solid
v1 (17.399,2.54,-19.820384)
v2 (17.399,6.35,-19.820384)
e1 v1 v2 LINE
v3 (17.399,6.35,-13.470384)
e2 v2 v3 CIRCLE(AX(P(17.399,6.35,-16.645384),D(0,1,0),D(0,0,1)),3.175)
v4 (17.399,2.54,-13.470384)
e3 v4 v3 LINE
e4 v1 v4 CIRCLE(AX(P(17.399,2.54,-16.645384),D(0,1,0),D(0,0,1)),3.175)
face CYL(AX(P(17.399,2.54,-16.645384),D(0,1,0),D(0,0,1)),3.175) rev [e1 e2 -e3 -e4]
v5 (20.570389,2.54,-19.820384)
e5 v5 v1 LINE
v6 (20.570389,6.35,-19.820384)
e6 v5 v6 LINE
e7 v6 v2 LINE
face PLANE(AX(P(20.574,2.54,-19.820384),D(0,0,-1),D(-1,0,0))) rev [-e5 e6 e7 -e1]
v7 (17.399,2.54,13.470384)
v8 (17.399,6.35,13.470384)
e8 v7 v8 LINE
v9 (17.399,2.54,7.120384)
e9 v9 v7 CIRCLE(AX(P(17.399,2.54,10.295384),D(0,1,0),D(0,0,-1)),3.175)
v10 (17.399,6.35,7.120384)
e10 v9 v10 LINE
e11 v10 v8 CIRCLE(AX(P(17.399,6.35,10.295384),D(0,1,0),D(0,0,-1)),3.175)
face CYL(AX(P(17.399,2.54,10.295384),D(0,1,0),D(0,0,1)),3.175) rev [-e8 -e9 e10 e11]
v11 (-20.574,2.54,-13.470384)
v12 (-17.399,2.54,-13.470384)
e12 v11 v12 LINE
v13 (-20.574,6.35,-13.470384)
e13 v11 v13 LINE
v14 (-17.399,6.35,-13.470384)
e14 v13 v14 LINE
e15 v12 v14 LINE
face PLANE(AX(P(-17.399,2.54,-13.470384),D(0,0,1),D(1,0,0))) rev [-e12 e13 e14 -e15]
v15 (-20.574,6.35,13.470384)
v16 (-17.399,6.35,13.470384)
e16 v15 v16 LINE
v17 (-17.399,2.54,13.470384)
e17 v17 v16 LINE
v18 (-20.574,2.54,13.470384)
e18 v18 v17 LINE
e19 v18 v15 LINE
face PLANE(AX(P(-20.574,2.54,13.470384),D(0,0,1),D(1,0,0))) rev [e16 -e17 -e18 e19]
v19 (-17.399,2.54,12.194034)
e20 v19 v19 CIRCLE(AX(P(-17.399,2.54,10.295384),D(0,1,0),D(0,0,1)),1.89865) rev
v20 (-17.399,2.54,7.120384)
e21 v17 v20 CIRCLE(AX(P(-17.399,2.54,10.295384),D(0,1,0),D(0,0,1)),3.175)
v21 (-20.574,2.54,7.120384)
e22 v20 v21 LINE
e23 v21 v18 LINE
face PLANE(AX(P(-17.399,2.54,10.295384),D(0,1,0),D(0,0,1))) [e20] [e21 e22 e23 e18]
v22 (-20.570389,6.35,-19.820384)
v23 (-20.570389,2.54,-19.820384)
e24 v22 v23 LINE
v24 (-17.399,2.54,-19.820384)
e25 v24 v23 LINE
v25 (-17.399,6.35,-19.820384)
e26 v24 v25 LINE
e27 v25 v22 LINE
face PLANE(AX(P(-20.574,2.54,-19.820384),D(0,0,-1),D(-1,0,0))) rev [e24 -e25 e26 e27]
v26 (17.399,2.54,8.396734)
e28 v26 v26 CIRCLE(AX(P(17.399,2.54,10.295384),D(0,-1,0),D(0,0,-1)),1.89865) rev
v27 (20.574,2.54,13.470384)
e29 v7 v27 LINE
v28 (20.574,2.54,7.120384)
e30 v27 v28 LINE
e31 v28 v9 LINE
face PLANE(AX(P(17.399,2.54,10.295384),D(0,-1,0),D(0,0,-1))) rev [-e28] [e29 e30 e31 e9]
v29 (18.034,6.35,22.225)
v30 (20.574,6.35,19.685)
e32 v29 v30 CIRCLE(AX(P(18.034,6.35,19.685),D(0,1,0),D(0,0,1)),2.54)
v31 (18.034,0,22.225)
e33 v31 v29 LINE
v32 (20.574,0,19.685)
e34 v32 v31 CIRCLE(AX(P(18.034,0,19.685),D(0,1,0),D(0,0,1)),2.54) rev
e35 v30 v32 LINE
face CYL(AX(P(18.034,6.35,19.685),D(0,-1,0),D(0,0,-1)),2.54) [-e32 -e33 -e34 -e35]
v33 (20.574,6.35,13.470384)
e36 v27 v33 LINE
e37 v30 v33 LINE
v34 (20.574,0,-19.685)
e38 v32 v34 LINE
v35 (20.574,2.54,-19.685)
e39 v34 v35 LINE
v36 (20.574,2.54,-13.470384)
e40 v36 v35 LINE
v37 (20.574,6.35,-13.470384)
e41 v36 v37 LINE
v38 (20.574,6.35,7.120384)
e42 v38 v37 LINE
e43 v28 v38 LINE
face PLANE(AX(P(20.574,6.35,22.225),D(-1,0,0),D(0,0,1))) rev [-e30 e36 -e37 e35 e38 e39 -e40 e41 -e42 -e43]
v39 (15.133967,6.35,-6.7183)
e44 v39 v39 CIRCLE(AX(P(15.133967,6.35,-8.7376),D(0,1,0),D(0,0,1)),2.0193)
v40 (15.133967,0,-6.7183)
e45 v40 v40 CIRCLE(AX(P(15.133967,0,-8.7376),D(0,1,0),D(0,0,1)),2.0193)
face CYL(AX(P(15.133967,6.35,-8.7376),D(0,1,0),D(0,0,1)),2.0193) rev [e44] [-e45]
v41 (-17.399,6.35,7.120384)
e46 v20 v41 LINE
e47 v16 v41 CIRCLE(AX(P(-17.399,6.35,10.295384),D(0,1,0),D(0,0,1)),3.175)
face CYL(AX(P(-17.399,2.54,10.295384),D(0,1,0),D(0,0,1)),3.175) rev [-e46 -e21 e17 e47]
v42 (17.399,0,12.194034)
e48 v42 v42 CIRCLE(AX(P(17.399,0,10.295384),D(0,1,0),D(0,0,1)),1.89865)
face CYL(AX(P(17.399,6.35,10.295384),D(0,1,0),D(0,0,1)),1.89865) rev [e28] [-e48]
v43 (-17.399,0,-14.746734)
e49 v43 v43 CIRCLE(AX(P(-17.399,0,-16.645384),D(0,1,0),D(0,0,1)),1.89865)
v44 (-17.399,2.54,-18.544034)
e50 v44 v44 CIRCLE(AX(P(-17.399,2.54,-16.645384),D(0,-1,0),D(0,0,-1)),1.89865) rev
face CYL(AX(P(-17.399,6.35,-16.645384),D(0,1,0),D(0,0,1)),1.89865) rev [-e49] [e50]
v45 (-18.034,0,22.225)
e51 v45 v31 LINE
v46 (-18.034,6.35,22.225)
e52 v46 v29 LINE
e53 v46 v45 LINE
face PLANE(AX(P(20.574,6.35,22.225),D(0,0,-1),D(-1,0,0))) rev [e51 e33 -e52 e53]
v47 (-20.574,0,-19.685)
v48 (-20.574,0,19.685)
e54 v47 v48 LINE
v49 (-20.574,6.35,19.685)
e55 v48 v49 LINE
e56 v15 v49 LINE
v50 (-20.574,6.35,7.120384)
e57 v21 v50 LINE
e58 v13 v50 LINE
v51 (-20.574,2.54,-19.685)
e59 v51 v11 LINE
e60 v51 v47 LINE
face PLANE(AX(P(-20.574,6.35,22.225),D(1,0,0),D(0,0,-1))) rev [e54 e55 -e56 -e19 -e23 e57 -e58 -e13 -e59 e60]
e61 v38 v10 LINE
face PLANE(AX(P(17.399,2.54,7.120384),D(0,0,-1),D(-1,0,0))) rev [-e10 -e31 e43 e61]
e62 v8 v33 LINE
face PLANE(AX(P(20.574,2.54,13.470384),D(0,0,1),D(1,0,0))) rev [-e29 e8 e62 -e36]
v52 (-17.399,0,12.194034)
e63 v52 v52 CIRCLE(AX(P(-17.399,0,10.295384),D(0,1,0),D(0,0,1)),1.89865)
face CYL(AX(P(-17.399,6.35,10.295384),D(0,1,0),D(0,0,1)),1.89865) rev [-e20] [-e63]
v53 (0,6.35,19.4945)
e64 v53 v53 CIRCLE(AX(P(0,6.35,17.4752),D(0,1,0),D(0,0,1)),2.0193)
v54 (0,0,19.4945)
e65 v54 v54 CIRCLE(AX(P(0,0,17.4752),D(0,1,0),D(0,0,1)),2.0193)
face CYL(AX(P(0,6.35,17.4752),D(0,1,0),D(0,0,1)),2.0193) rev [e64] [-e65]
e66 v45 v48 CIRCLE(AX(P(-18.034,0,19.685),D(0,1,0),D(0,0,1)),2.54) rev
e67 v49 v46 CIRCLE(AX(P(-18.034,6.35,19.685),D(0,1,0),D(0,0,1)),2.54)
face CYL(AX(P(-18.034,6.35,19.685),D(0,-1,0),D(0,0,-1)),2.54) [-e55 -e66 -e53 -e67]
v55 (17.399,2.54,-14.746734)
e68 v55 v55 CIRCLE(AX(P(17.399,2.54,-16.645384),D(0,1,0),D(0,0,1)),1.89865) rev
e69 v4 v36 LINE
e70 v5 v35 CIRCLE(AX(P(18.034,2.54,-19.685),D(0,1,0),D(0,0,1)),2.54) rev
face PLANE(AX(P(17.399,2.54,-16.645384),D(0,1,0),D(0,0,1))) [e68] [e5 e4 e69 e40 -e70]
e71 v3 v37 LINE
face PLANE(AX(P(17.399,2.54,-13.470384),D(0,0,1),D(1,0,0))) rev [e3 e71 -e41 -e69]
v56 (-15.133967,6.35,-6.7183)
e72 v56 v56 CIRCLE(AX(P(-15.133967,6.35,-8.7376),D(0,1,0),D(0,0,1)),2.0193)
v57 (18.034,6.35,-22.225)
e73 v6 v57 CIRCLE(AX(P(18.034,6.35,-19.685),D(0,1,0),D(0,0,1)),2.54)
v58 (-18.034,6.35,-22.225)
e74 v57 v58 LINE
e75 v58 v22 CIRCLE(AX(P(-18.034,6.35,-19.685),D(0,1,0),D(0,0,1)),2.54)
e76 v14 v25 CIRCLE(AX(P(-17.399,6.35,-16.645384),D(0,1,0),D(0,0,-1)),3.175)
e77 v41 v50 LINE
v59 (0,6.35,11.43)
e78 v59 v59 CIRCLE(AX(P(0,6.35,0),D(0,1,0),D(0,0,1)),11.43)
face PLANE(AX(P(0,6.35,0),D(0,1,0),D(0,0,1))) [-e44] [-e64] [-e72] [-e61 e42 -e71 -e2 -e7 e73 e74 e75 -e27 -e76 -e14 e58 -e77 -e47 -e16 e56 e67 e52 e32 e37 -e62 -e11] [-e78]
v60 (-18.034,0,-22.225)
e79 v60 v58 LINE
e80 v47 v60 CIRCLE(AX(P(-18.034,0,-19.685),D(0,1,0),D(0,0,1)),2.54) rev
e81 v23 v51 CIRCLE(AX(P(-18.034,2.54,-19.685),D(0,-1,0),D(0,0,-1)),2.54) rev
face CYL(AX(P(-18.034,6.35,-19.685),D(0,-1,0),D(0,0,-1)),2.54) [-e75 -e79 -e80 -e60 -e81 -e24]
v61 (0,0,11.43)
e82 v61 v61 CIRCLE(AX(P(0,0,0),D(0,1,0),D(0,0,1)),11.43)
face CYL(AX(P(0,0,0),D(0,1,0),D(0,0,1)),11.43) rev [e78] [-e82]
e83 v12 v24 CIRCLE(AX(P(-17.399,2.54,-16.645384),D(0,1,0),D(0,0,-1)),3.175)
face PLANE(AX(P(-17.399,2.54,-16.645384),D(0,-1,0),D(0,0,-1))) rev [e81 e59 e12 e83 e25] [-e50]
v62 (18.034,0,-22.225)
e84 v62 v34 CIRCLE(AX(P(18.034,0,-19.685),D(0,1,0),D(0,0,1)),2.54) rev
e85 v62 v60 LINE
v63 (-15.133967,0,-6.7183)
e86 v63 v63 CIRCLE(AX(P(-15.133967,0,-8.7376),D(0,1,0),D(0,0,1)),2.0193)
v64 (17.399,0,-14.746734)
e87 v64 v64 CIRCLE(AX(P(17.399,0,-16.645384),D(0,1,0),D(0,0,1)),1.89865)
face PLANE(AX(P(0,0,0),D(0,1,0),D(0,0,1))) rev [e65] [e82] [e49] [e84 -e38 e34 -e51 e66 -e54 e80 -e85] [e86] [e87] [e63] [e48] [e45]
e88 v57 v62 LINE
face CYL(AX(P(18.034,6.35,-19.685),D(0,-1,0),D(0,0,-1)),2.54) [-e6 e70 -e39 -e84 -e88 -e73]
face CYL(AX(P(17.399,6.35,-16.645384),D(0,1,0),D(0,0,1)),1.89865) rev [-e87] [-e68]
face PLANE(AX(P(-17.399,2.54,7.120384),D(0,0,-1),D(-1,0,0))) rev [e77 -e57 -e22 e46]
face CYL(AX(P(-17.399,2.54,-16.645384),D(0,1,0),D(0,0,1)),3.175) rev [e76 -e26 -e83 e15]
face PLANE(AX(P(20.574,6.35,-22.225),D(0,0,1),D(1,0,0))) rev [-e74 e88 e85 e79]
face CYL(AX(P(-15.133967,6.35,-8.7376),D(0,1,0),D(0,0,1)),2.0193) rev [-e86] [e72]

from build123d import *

# Parameters (mm, degrees)
SKETCH1_W                    = 41.148
SKETCH1_H                    = 44.45
BOSS_EXTRUDE1_DEPTH          = 6.35
FILLET1_R                    = 2.54
SKETCH2_R                    = 11.43
CUT_EXTRUDE1_DEPTH           = 7.35
F_25_0_1495_DIAMETER_HOLE1_D = 3.7973
F_10_32_TAPPED_HOLE2_D       = 4.0386
CUT_EXTRUDE2_DEPTH           = 3.81


with BuildPart() as part:
    # Sketch1 → Boss-Extrude1 (new body)
    with BuildSketch(Plane(origin=(0, 0, 0), x_dir=(1, 0, 0), z_dir=(0, 1, 0))):
        Rectangle(SKETCH1_W, SKETCH1_H)
    extrude(amount=BOSS_EXTRUDE1_DEPTH)

    # Fillet1
    fillet1_edges = [part.edges().sort_by_distance(p)[0] for p in [
        (-20.574, 3.175, -22.225),
        (20.574, 3.175, -22.225),
        (20.574, 3.175, 22.225),
        (-20.574, 3.175, 22.225),
    ]]
    fillet(fillet1_edges, radius=FILLET1_R)

    # Sketch2 → Cut-Extrude1 (cut, through all)
    with BuildSketch(Plane(origin=(0, 6.35, 0), x_dir=(1, 0, 0), z_dir=(0, 1, 0))):
        Circle(SKETCH2_R)
    extrude(amount=-CUT_EXTRUDE1_DEPTH, mode=Mode.SUBTRACT)

    # #25 (0.1495) Diameter Hole1 (through all)
    with Locations(Plane(origin=(-17.399, 6.35, -16.645384286), x_dir=(0, 0, 1), z_dir=(0, 1, 0))):
        with Locations((0, 0), (0, 34.798), (26.940768363, 34.798), (26.940768363, 0)):
            Hole(F_25_0_1495_DIAMETER_HOLE1_D / 2)

    # #10-32 Tapped Hole2 (through all)
    with Locations(Plane(origin=(-15.133967136, 6.35, -8.7376), x_dir=(0, 0, 1), z_dir=(0, 1, 0))):
        with Locations((0, 0), (0, 30.267934272), (26.2128, 15.133967136)):
            Hole(F_10_32_TAPPED_HOLE2_D / 2)

    # Sketch9 → Cut-Extrude2 (cut)
    with BuildSketch(Plane(origin=(0, 6.35, 0), x_dir=(1, 0, 0), z_dir=(0, 1, 0))):
        with BuildLine():
            Line((-20.574, 13.470384286), (-20.574, 19.820384286))
            Line((-20.574, 19.820384286), (-17.399, 19.820384286))
            ThreePointArc((-17.399, 19.820384286), (-14.224, 16.645384286), (-17.399, 13.470384286))
            Line((-17.399, 13.470384286), (-20.574, 13.470384286))
        make_face()
        with BuildLine():
            Line((17.399, 13.470384286), (20.574, 13.470384286))
            Line((20.574, 13.470384286), (20.574, 19.820384286))
            Line((20.574, 19.820384286), (17.399, 19.820384286))
            ThreePointArc((17.399, 19.820384286), (14.224, 16.645384286), (17.399, 13.470384286))
        make_face()
        with BuildLine():
            Line((20.574, -7.120384286), (20.574, -13.470384286))
            Line((20.574, -13.470384286), (17.399, -13.470384286))
            ThreePointArc((17.399, -13.470384286), (14.224, -10.295384286), (17.399, -7.120384286))
            Line((17.399, -7.120384286), (20.574, -7.120384286))
        make_face()
        with BuildLine():
            Line((-17.399, -7.120384286), (-20.574, -7.120384286))
            Line((-20.574, -7.120384286), (-20.574, -13.470384286))
            Line((-20.574, -13.470384286), (-17.399, -13.470384286))
            ThreePointArc((-17.399, -13.470384286), (-14.224, -10.295384286), (-17.399, -7.120384286))
        make_face()
    extrude(amount=-CUT_EXTRUDE2_DEPTH, mode=Mode.SUBTRACT)


solid = part.part
